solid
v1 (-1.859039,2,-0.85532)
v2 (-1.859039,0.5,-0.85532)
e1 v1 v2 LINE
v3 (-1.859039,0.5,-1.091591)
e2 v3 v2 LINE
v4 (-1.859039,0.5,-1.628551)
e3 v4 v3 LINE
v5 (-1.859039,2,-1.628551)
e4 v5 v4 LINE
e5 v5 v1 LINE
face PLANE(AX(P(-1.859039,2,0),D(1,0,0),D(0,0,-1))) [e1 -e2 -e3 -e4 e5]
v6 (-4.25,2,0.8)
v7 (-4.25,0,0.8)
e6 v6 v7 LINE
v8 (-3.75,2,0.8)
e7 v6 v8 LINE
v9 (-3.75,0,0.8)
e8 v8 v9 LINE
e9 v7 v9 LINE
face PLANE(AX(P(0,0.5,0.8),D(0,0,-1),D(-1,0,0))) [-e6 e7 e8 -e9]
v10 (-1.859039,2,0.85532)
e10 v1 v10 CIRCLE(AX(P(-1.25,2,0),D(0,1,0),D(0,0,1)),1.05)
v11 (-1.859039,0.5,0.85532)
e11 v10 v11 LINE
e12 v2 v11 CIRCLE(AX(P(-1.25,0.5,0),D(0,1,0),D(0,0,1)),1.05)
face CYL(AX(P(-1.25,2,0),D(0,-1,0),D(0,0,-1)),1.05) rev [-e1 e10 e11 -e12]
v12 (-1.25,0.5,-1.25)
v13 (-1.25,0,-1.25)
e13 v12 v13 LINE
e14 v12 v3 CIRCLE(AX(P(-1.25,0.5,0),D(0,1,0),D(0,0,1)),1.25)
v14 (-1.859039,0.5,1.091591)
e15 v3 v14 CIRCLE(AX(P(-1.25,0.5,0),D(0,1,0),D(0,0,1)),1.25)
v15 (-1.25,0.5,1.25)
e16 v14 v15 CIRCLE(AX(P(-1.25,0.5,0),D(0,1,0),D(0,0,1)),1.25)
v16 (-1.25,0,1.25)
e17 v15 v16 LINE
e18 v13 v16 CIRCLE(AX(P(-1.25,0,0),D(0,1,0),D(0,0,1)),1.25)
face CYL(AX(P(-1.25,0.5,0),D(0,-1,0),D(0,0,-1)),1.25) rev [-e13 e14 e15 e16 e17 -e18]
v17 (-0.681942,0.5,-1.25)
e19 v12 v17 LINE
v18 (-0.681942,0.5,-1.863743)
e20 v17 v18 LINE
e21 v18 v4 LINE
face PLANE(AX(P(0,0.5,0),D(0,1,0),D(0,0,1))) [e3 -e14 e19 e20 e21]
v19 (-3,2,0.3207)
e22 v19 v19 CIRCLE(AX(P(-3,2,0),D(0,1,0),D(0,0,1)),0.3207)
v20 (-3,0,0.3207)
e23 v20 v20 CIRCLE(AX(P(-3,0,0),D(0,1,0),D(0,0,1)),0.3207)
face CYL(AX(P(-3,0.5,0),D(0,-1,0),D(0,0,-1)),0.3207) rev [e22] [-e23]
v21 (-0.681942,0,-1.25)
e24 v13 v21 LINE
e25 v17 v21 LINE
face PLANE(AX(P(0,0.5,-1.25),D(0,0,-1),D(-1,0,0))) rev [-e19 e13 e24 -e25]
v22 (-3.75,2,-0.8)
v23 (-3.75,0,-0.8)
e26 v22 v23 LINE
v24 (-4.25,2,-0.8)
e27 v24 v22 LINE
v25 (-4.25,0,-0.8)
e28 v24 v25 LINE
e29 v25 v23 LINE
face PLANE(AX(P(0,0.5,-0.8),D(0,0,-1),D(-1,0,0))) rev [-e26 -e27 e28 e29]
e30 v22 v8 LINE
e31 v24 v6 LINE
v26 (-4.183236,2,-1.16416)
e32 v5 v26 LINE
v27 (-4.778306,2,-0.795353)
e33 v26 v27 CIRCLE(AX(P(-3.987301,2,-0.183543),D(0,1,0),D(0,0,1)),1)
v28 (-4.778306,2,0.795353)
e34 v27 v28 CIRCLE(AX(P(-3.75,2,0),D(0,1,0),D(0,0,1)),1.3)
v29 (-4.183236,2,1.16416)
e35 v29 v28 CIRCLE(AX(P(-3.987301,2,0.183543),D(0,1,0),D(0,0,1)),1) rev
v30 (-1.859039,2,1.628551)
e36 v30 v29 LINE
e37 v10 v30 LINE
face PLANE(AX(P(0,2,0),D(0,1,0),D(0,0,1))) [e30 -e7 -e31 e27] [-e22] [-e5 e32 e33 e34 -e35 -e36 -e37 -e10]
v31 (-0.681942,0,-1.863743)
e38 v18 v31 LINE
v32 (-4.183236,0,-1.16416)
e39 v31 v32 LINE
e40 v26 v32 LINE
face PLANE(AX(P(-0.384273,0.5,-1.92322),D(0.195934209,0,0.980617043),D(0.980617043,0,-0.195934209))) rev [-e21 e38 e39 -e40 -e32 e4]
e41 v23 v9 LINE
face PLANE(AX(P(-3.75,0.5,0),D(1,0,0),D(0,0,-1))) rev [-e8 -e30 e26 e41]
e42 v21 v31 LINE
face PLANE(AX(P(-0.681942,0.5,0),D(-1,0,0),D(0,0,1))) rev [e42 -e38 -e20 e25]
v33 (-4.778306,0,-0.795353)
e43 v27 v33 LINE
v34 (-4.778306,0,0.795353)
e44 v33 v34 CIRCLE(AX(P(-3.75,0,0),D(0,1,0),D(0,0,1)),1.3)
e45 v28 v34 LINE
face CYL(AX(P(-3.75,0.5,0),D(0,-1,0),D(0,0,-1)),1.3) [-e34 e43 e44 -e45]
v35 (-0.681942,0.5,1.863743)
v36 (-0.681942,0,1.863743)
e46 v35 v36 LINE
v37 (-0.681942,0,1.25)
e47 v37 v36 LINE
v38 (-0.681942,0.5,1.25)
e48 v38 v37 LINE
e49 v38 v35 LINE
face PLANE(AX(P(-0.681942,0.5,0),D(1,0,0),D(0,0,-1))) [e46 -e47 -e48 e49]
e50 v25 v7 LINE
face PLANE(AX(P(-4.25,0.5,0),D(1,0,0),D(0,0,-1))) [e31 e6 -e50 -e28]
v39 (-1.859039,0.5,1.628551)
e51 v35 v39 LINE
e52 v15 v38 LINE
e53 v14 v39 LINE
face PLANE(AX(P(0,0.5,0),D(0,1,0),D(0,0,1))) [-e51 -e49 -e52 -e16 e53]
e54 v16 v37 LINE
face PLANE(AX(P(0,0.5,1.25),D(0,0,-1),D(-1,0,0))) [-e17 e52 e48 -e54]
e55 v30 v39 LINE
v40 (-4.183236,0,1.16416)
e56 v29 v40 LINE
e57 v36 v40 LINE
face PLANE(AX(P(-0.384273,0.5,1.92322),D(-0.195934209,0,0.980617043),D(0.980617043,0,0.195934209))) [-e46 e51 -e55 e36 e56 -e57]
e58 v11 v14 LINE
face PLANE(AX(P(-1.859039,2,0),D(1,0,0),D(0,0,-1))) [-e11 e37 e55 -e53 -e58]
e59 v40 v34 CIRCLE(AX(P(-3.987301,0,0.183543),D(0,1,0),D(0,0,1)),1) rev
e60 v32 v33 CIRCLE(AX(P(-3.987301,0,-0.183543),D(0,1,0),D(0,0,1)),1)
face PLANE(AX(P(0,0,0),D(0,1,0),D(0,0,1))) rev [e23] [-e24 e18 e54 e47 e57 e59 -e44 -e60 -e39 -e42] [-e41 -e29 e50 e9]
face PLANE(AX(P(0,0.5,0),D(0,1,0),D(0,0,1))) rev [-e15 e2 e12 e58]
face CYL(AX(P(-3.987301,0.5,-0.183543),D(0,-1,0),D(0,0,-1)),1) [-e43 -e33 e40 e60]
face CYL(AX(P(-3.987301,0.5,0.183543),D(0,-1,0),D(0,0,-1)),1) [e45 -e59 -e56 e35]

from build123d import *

# Parameters (mm, degrees)
SKETCH1_R           = 0.3207
SKETCH1_W           = 0.5
SKETCH1_H           = 1.6
BOSS_EXTRUDE2_DEPTH = 0.5
BOSS_EXTRUDE3_START = 0.5
SKETCH1_28_W        = 0.5
SKETCH1_28_H        = 1.6
SKETCH1_28_R        = 0.3207
BOSS_EXTRUDE3_DEPTH = 1.5


with BuildPart() as part:
    # Sketch1 → Boss-Extrude2 (new body)
    with BuildSketch(Plane(origin=(0, 0, 0), x_dir=(1, 0, 0), z_dir=(0, 1, 0))):
        with BuildLine():
            Line((-0.68194188, 1.25), (-0.68194188, 1.863743198))
            Line((-0.68194188, 1.863743198), (-4.183235691, 1.164159972))
            ThreePointArc((-4.183235691, 1.164159972), (-4.514100233, 1.033532974), (-4.778306422, 0.795352691))
            ThreePointArc((-4.778306422, 0.795352691), (-5.05, -2e-09), (-4.778306419, -0.795352694))
            ThreePointArc((-4.778306419, -0.795352694), (-4.514100231, -1.033532975), (-4.183235691, -1.164159973))
            Line((-4.183235691, -1.164159973), (-0.68194188, -1.863743197))
            Line((-0.68194188, -1.863743197), (-0.68194188, -1.25))
            Line((-0.68194188, -1.25), (-1.25, -1.25))
            ThreePointArc((-1.25, -1.25), (-2.5, 0), (-1.25, 1.25))
            Line((-1.25, 1.25), (-0.68194188, 1.25))
        make_face()
        with Locations((-3, 0)):
            Circle(SKETCH1_R, mode=Mode.SUBTRACT)
        with Locations((-4, 0)):
            Rectangle(SKETCH1_W, SKETCH1_H, mode=Mode.SUBTRACT)
    extrude(amount=BOSS_EXTRUDE2_DEPTH)

    # Sketch1<28> → Boss-Extrude3 (add)
    with BuildSketch(Plane(origin=(0, 0, 0), x_dir=(1, 0, 0), z_dir=(0, 1, 0)).offset(BOSS_EXTRUDE3_START)):
        with BuildLine():
            Line((-1.85903885, 1.628550912), (-4.183235691, 1.164159972))
            ThreePointArc((-4.183235691, 1.164159972), (-4.514100233, 1.033532974), (-4.778306422, 0.795352691))
            ThreePointArc((-4.778306422, 0.795352691), (-5.05, -2e-09), (-4.778306419, -0.795352694))
            ThreePointArc((-4.778306419, -0.795352694), (-4.514100231, -1.033532975), (-4.183235691, -1.164159973))
            Line((-4.183235691, -1.164159973), (-1.85903885, -1.628550912))
            Line((-1.85903885, -1.628550912), (-1.85903885, -0.855319636))
            ThreePointArc((-1.85903885, -0.855319636), (-2.3, 0), (-1.85903885, 0.855319636))
            Line((-1.85903885, 0.855319636), (-1.85903885, 1.628550912))
        make_face()
        with Locations((-4, 0)):
            Rectangle(SKETCH1_28_W, SKETCH1_28_H, mode=Mode.SUBTRACT)
        with Locations((-3, 0)):
            Circle(SKETCH1_28_R, mode=Mode.SUBTRACT)
    extrude(amount=BOSS_EXTRUDE3_DEPTH)


solid = part.part
